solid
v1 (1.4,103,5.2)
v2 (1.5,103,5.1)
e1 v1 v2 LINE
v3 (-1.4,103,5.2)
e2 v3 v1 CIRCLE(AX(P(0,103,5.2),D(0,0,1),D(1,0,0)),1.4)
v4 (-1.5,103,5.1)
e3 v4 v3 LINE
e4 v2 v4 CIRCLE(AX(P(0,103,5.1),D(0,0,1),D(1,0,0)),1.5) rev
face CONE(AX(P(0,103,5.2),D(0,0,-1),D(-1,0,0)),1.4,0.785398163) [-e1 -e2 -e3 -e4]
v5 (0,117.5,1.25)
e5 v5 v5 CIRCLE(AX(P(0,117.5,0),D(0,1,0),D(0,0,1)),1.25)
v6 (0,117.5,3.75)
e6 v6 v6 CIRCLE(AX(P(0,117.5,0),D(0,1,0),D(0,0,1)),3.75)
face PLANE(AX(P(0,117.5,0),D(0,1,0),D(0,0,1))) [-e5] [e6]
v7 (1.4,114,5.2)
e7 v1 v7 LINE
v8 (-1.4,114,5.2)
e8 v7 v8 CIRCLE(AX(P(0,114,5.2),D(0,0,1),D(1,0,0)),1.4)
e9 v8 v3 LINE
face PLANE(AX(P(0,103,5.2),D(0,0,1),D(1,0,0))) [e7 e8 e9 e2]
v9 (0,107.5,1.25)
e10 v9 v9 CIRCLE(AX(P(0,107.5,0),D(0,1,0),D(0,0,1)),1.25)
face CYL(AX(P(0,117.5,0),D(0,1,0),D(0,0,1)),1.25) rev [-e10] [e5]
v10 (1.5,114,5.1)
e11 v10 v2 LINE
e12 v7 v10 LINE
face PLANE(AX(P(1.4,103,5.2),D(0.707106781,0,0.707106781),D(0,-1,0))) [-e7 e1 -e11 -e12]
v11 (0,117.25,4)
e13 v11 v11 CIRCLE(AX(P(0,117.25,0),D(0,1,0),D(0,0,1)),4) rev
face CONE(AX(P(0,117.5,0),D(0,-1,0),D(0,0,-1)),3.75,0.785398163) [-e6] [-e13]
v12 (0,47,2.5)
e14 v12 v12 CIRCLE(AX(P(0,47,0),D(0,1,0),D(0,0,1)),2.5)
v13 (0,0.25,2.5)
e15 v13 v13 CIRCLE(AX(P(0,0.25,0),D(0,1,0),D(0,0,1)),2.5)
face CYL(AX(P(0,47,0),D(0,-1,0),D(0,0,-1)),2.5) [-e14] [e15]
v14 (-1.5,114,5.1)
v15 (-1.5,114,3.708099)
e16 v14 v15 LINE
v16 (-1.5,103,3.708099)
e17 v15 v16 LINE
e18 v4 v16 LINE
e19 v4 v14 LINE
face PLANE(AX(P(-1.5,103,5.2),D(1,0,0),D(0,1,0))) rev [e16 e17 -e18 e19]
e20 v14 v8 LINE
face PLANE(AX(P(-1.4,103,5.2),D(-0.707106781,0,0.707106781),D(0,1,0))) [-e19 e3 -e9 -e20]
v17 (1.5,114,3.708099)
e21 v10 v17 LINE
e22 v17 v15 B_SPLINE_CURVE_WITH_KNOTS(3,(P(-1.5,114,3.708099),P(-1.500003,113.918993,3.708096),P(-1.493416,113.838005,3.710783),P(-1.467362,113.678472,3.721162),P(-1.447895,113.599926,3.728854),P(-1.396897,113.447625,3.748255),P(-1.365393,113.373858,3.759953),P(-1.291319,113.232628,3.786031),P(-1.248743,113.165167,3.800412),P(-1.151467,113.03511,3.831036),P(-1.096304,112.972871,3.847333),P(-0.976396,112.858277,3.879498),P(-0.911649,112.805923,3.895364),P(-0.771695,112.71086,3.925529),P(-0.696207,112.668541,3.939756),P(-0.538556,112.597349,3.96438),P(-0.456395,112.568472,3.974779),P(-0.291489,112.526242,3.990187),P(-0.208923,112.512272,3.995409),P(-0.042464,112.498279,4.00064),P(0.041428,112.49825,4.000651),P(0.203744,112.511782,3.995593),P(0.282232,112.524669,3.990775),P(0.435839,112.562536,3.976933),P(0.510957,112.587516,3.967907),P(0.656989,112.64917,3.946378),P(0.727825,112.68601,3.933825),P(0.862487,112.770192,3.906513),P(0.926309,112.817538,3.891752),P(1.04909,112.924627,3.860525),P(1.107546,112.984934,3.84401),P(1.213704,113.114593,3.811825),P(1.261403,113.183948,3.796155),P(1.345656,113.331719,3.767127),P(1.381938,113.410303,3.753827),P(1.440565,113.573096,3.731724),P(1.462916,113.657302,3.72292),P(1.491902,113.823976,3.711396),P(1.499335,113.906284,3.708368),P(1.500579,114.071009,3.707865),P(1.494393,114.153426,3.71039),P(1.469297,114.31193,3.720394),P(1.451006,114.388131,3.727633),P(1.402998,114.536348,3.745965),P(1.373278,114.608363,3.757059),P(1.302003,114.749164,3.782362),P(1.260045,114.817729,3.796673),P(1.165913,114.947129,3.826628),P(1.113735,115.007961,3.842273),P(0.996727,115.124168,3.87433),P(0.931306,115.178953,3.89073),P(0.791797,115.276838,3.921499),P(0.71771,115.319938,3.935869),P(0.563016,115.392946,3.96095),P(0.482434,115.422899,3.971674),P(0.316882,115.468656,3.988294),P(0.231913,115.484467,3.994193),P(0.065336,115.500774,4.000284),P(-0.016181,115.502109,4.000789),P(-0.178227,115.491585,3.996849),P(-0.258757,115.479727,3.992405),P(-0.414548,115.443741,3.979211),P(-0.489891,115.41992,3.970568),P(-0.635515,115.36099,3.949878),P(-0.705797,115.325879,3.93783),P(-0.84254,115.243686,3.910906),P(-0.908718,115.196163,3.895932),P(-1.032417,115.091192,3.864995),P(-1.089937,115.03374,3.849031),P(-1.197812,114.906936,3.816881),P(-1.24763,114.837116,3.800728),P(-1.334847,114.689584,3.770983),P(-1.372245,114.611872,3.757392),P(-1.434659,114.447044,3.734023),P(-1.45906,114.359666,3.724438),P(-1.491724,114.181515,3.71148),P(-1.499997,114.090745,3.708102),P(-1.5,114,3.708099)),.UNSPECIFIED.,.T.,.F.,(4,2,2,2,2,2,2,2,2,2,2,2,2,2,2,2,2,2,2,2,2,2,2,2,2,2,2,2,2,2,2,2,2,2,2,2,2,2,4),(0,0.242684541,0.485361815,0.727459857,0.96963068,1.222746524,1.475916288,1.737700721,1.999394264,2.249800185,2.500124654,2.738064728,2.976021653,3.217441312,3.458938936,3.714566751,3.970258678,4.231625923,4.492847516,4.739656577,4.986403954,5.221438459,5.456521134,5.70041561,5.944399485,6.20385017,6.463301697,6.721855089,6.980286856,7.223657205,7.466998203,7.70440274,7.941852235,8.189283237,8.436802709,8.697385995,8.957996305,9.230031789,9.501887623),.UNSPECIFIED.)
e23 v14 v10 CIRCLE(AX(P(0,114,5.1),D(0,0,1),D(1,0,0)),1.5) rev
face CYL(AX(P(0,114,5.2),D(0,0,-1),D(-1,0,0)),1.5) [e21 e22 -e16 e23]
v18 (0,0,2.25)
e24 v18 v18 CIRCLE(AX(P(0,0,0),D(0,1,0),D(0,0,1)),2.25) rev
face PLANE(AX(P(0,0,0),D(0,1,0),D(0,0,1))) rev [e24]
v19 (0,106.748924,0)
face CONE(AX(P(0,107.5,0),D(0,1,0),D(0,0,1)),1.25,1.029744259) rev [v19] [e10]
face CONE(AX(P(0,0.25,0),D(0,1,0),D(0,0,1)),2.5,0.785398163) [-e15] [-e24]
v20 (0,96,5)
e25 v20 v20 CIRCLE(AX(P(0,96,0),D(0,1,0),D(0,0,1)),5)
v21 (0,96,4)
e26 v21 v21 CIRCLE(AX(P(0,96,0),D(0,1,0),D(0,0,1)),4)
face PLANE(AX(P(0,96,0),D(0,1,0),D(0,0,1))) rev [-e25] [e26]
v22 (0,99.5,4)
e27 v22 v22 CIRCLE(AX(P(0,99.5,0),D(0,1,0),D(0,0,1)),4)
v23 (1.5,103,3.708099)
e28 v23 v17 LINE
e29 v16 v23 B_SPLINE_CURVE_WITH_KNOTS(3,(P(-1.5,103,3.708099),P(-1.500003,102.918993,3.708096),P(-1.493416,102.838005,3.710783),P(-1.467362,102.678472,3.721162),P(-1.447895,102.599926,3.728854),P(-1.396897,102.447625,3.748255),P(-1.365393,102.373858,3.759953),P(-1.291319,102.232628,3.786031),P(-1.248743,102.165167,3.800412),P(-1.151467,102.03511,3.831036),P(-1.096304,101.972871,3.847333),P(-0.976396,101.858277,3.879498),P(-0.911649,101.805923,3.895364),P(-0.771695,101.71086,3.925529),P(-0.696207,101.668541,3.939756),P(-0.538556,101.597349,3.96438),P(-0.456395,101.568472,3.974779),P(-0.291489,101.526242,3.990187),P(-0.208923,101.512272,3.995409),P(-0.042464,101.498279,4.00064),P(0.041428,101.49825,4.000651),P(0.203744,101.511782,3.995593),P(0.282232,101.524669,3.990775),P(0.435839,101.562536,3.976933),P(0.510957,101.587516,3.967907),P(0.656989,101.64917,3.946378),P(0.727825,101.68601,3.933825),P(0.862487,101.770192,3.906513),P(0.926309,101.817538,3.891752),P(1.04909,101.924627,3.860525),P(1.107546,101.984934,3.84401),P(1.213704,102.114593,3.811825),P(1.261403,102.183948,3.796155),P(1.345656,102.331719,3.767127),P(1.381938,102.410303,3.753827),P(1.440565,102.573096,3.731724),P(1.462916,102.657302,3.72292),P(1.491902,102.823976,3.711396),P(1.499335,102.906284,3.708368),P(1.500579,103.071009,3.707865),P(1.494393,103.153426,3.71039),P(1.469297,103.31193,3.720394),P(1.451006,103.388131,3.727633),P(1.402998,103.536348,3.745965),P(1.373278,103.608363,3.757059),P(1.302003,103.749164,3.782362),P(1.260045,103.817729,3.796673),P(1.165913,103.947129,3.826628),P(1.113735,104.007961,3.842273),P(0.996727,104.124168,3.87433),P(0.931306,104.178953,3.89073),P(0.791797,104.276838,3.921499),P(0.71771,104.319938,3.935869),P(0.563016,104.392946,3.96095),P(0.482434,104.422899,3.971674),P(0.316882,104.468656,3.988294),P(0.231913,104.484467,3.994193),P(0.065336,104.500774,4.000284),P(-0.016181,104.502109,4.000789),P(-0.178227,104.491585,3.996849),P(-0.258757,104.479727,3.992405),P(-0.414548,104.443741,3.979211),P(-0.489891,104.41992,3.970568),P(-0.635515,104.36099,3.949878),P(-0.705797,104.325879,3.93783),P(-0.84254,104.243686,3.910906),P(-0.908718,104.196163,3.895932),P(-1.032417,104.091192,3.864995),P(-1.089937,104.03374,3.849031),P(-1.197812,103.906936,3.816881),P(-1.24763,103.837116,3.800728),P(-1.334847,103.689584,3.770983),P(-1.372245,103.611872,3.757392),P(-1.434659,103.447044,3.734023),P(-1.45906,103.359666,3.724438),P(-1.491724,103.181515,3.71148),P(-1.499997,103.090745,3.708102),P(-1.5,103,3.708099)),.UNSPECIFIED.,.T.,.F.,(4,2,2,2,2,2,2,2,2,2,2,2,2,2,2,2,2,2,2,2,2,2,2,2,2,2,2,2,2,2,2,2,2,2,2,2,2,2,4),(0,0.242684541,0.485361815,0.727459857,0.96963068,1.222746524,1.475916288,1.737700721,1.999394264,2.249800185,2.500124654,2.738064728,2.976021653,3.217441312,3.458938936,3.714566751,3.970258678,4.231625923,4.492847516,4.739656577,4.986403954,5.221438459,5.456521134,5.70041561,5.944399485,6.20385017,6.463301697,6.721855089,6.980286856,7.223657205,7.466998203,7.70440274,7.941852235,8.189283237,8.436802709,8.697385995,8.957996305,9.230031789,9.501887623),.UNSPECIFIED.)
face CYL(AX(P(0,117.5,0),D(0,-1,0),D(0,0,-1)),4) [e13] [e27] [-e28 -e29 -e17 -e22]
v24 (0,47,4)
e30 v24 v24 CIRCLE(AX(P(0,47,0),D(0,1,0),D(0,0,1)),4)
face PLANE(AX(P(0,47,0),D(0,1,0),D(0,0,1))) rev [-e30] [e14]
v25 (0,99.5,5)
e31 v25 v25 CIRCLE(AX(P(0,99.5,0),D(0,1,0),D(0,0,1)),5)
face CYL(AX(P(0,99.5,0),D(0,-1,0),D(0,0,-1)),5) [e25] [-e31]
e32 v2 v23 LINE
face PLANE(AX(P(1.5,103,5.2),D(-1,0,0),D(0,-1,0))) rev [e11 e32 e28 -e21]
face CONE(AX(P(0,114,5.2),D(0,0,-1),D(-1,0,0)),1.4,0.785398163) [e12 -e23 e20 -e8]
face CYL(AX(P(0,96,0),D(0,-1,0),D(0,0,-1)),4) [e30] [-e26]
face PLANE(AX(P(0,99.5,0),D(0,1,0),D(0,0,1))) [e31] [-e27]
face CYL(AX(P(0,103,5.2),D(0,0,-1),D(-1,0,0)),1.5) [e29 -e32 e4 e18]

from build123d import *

# Parameters (mm, degrees)
SKETCH_1_R      = 2.5
EXTRUDE_1_DEPTH = 47
EXTRUDE_START   = 47
SKETCH_2_R      = 4
EXTRUDE_2_DEPTH = 49
EXTRUDE_START_2 = 96
SKETCH_3_R      = 5
EXTRUDE_3_DEPTH = 3.5
EXTRUDE_START_3 = 99.5
SKETCH_4_R      = 4
EXTRUDE_4_DEPTH = 18
EXTRUDE_START_4 = 2.2
EXTRUDE_5_DEPTH = 3
CHAMFER_1_SIZE  = 0.25
CHAMFER_2_SIZE  = 0.1


with BuildPart() as part:
    # 草图1 → 凸台-拉伸1 (new body)
    with BuildSketch(Plane(origin=(0, 0, 0), x_dir=(1, 0, 0), z_dir=(0, 1, 0))):
        with Locations(Location((0, 0, 0), (0, 0, 270))):
            Circle(SKETCH_1_R)
    extrude(amount=EXTRUDE_1_DEPTH)

    # 草图2 → 凸台-拉伸2 (add)
    with BuildSketch(Plane(origin=(0, 0, 0), x_dir=(1, 0, 0), z_dir=(0, 1, 0)).offset(EXTRUDE_START)):
        with Locations(Location((0, 0, 0), (0, 0, 270))):
            Circle(SKETCH_2_R)
    extrude(amount=EXTRUDE_2_DEPTH)

    # 草图3 → 凸台-拉伸3 (add)
    with BuildSketch(Plane(origin=(0, 0, 0), x_dir=(1, 0, 0), z_dir=(0, 1, 0)).offset(EXTRUDE_START_2)):
        with Locations(Location((0, 0, 0), (0, 0, 270))):
            Circle(SKETCH_3_R)
    extrude(amount=EXTRUDE_3_DEPTH)

    # 草图4 → 凸台-拉伸4 (add)
    with BuildSketch(Plane(origin=(0, 0, 0), x_dir=(1, 0, 0), z_dir=(0, 1, 0)).offset(EXTRUDE_START_3)):
        with Locations(Location((0, 0, 0), (0, 0, 270))):
            Circle(SKETCH_4_R)
    extrude(amount=EXTRUDE_4_DEPTH)

    # 草图9 → M3 螺纹孔1 (revolve, cut)
    with BuildSketch(Plane(origin=(0, 117.5, 0), x_dir=(0, 0, 1), z_dir=(1, 0, 0))):
        Polygon((0, 0), (0, 10.751075774), (1.25, 10), (1.25, 0), align=None)
    revolve(axis=Axis((0, 123.85, 0), (0, -1, 0)), mode=Mode.SUBTRACT)

    # 草图11 → 凸台-拉伸5 (add)
    with BuildSketch(Plane.XY.offset(EXTRUDE_START_4)):
        with BuildLine():
            Line((-1.5, 103), (-1.5, 114))
            ThreePointArc((-1.5, 114), (0, 115.5), (1.5, 114))
            Line((1.5, 114), (1.5, 103))
            ThreePointArc((1.5, 103), (0, 101.5), (-1.5, 103))
        make_face()
    extrude(amount=EXTRUDE_5_DEPTH)

    # 倒角1
    chamfer_1_edges = [part.edges().sort_by_distance(p)[0] for p in [
        (0, 117.5, -4),
        (0, 0, -2.5),
    ]]
    chamfer(chamfer_1_edges, length=CHAMFER_1_SIZE)

    # 倒角2
    chamfer_2_edges = [part.edges().sort_by_distance(p)[0] for p in [
        (0, 101.5, 5.2),
        (1.5, 108.5, 5.2),
        (0, 115.5, 5.2),
        (-1.5, 108.5, 5.2),
    ]]
    chamfer(chamfer_2_edges, length=CHAMFER_2_SIZE)


solid = part.part
